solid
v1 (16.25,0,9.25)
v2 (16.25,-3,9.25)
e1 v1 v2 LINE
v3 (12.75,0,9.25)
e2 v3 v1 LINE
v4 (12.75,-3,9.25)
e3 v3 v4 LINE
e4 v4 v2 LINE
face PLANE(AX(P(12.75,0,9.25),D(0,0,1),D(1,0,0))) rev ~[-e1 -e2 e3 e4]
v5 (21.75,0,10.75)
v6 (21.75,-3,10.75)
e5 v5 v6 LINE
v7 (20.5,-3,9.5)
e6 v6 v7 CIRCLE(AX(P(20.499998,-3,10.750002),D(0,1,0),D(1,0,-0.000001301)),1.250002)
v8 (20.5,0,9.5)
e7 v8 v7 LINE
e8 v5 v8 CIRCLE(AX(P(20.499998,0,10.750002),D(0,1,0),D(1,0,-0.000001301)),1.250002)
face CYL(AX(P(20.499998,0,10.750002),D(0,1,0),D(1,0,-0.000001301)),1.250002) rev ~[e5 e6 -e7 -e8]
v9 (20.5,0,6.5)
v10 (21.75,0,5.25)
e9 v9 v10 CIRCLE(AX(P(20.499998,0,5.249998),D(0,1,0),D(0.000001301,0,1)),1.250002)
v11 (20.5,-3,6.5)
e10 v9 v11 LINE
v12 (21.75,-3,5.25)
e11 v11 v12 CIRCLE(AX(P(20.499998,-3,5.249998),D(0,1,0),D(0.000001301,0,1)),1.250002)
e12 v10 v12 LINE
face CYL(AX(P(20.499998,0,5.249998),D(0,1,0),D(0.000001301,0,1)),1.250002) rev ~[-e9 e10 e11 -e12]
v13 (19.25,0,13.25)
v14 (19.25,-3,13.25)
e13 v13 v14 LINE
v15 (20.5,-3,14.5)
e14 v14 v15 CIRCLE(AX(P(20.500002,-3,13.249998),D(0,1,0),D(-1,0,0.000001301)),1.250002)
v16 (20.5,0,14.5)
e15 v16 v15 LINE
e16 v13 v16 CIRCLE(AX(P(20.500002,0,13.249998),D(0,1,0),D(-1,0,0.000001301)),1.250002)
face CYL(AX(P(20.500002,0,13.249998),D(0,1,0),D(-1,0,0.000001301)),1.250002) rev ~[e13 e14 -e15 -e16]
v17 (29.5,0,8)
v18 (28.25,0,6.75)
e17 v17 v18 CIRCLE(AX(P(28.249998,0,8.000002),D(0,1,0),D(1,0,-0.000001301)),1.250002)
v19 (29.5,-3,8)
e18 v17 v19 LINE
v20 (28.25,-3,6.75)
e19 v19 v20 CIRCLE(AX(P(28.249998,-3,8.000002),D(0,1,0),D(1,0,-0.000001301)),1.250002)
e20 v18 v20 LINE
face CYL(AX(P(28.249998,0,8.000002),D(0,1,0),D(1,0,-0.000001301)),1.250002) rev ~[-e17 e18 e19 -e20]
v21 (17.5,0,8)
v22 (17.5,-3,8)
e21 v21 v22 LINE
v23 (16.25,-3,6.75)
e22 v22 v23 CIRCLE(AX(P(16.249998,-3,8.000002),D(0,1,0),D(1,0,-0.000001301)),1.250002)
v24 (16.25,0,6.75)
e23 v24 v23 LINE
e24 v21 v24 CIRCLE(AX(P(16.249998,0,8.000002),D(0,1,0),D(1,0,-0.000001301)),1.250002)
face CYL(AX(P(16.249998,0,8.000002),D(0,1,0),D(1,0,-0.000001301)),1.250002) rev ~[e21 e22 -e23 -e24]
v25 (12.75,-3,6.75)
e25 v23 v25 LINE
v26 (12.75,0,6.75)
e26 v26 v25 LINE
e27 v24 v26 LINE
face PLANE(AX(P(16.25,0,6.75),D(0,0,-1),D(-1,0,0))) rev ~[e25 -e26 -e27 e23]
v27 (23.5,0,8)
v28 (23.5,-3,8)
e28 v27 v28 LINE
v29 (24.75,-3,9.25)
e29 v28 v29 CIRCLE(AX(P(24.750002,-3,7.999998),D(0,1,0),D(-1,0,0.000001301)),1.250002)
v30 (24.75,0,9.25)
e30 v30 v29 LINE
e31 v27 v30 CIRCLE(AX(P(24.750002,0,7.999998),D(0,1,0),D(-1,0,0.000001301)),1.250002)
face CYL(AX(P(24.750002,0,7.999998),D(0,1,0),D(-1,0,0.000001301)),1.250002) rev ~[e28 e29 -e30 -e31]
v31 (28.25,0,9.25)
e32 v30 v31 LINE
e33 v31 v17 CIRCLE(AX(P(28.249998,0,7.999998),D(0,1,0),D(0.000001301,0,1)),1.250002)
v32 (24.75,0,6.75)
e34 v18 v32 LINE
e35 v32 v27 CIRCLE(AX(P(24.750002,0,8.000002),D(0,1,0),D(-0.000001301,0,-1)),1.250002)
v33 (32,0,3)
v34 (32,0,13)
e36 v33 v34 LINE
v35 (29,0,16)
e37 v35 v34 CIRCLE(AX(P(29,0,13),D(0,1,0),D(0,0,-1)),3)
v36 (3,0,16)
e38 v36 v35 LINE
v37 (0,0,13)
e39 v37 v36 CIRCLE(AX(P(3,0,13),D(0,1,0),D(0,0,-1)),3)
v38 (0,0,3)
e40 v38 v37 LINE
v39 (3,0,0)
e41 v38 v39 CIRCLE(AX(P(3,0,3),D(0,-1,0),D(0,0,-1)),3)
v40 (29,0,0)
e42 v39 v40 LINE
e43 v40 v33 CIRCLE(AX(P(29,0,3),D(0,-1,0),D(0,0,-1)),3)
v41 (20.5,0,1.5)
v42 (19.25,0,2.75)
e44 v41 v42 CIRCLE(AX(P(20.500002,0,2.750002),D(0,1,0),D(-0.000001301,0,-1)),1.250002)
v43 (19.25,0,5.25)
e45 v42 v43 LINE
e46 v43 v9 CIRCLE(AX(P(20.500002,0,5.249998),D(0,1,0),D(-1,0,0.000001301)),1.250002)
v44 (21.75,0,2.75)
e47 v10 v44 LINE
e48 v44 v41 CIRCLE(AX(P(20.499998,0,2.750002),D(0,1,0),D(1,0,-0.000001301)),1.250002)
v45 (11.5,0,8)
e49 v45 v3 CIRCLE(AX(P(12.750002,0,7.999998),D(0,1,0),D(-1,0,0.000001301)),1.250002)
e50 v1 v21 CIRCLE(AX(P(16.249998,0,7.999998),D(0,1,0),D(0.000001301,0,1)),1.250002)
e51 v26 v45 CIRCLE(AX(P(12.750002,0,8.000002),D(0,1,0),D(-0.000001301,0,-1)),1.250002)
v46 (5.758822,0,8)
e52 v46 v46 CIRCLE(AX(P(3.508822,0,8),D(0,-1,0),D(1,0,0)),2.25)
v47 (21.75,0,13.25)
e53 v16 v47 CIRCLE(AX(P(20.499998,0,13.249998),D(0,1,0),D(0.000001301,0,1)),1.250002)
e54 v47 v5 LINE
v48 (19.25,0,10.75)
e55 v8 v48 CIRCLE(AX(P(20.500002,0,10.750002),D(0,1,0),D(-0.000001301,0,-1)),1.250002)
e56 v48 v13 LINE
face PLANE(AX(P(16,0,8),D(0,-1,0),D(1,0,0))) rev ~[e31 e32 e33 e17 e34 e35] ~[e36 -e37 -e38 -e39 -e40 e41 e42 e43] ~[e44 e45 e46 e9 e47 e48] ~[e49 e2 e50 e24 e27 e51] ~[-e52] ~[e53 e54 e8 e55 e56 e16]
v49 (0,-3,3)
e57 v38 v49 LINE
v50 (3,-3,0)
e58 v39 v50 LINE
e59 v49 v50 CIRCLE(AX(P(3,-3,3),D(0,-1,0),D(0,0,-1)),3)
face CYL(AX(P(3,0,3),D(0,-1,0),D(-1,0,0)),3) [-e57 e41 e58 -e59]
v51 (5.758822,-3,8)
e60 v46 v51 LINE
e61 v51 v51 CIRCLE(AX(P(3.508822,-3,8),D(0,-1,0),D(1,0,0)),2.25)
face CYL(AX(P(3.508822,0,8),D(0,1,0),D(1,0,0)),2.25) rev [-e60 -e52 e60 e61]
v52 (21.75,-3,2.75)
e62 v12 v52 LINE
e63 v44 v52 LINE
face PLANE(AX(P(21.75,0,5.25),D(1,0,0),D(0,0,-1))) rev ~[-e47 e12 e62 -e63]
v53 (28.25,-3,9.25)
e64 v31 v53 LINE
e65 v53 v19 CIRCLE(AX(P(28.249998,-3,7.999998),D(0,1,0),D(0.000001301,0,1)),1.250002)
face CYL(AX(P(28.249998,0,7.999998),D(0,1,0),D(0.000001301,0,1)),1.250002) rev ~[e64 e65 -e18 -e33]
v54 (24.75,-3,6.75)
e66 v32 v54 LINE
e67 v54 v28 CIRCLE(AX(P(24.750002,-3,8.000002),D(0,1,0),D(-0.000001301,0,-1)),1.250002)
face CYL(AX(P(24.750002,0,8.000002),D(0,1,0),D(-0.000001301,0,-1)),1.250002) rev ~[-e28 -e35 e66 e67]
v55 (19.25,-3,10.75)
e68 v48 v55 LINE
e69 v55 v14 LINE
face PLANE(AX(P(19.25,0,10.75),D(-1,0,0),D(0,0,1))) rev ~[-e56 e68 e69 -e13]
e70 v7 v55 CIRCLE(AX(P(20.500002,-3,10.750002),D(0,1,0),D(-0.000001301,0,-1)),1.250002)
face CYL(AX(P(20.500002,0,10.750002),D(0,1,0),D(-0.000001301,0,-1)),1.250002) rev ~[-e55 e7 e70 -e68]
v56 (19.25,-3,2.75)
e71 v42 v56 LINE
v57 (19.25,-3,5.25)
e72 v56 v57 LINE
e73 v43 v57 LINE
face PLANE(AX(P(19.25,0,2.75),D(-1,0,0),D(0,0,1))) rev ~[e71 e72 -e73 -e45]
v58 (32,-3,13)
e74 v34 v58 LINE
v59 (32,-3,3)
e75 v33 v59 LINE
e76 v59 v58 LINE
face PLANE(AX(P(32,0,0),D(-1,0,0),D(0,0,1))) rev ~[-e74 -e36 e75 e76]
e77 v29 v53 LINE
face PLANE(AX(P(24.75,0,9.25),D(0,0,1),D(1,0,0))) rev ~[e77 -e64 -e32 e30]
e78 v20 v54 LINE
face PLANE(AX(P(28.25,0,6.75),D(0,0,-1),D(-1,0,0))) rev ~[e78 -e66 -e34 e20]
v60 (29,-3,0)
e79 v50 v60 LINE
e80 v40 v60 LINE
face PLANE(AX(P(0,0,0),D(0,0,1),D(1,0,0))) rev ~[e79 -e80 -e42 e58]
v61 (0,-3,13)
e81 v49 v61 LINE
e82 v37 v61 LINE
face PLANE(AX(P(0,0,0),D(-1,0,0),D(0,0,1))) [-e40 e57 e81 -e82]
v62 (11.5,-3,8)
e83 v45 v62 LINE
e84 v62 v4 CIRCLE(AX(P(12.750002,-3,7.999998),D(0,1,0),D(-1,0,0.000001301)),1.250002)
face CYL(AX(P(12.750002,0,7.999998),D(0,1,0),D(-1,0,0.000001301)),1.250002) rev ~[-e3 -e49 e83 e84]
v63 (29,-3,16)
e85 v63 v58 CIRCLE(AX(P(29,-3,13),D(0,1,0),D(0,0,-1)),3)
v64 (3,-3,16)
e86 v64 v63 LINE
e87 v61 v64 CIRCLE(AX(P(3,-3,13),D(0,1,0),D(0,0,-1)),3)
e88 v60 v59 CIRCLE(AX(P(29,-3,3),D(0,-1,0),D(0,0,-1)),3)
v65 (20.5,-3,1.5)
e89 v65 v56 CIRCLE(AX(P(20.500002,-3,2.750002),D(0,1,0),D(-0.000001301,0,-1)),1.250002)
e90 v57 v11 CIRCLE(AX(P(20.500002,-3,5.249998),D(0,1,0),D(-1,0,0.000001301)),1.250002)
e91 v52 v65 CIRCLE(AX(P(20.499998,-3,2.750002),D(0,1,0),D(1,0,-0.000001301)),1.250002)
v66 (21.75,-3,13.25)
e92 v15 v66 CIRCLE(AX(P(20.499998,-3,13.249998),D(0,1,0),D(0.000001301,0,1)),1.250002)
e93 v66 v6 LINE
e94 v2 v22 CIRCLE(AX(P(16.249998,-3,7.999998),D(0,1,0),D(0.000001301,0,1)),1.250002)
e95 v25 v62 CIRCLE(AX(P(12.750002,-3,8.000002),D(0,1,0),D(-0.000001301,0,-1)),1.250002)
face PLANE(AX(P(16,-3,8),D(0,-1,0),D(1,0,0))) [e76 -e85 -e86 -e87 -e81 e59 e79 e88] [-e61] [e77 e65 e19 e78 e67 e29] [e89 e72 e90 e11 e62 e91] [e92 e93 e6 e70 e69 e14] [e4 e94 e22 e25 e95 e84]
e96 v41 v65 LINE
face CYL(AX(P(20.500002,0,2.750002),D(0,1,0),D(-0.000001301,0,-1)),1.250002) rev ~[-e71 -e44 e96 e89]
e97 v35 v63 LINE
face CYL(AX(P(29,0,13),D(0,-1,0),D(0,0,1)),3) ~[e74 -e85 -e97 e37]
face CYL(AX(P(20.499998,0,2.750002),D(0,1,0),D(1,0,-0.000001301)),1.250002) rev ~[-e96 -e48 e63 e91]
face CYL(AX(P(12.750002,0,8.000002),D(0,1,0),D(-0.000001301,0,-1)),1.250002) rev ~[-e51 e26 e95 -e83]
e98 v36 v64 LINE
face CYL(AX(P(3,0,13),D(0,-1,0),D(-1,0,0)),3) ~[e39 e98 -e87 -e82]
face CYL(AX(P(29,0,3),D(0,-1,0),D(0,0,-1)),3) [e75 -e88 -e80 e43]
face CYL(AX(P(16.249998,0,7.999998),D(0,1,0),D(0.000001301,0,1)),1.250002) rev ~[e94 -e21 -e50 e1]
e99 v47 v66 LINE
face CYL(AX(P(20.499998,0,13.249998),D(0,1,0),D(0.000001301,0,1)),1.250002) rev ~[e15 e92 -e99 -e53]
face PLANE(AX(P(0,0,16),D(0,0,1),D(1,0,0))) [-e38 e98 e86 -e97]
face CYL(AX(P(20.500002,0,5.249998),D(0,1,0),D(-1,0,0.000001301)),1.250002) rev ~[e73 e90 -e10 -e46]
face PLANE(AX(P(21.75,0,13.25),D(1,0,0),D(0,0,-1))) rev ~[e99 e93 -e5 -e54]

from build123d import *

# Parameters (mm, degrees)
F0_W     = 32
F0_H     = 16
F0_R     = 2.25
F1_DEPTH = 3
F2_R     = 3


with BuildPart() as f1:
    # F0 (on Front) → F1 (new body)
    with BuildSketch(Plane.XZ):
        with Locations((16, 8)):
            Rectangle(F0_W, F0_H)
        with BuildLine():
            Line((19.25, 2.75), (19.25, 5.25))
            ThreePointArc((19.25, 5.25), (19.616117, 6.133883), (20.5, 6.5))
            ThreePointArc((20.5, 6.5), (21.383883, 6.133883), (21.75, 5.25))
            Line((21.75, 5.25), (21.75, 2.75))
            ThreePointArc((21.75, 2.75), (21.383883, 1.866117), (20.5, 1.5))
            ThreePointArc((20.5, 1.5), (19.616117, 1.866117), (19.25, 2.75))
        make_face(mode=Mode.SUBTRACT)
        with BuildLine():
            ThreePointArc((23.5, 8), (23.866117, 8.883883), (24.75, 9.25))
            Line((24.75, 9.25), (28.25, 9.25))
            ThreePointArc((28.25, 9.25), (29.133883, 8.883883), (29.5, 8))
            ThreePointArc((29.5, 8), (29.133883, 7.116117), (28.25, 6.75))
            Line((28.25, 6.75), (24.75, 6.75))
            ThreePointArc((24.75, 6.75), (23.866117, 7.116117), (23.5, 8))
        make_face(mode=Mode.SUBTRACT)
        with Locations((3.508822, 8)):
            Circle(F0_R, mode=Mode.SUBTRACT)
        with BuildLine():
            ThreePointArc((11.5, 8), (11.866117, 8.883883), (12.75, 9.25))
            Line((12.75, 9.25), (16.25, 9.25))
            ThreePointArc((16.25, 9.25), (17.133883, 8.883883), (17.5, 8))
            ThreePointArc((17.5, 8), (17.133883, 7.116117), (16.25, 6.75))
            Line((16.25, 6.75), (12.75, 6.75))
            ThreePointArc((12.75, 6.75), (11.866117, 7.116117), (11.5, 8))
        make_face(mode=Mode.SUBTRACT)
        with BuildLine():
            Line((19.25, 10.75), (19.25, 13.25))
            ThreePointArc((19.25, 13.25), (19.616117, 14.133883), (20.5, 14.5))
            ThreePointArc((20.5, 14.5), (21.383883, 14.133883), (21.75, 13.25))
            Line((21.75, 13.25), (21.75, 10.75))
            ThreePointArc((21.75, 10.75), (21.383883, 9.866117), (20.5, 9.5))
            ThreePointArc((20.5, 9.5), (19.616117, 9.866117), (19.25, 10.75))
        make_face(mode=Mode.SUBTRACT)
    extrude(amount=F1_DEPTH)

    # F2
    f2_edges = [f1.edges().sort_by_distance(p)[0] for p in [
        (32, -1.5, 0),
        (32, -1.5, 16),
        (0, -1.5, 0),
        (0, -1.5, 16),
    ]]
    fillet(f2_edges, radius=F2_R)


solid = f1.part
